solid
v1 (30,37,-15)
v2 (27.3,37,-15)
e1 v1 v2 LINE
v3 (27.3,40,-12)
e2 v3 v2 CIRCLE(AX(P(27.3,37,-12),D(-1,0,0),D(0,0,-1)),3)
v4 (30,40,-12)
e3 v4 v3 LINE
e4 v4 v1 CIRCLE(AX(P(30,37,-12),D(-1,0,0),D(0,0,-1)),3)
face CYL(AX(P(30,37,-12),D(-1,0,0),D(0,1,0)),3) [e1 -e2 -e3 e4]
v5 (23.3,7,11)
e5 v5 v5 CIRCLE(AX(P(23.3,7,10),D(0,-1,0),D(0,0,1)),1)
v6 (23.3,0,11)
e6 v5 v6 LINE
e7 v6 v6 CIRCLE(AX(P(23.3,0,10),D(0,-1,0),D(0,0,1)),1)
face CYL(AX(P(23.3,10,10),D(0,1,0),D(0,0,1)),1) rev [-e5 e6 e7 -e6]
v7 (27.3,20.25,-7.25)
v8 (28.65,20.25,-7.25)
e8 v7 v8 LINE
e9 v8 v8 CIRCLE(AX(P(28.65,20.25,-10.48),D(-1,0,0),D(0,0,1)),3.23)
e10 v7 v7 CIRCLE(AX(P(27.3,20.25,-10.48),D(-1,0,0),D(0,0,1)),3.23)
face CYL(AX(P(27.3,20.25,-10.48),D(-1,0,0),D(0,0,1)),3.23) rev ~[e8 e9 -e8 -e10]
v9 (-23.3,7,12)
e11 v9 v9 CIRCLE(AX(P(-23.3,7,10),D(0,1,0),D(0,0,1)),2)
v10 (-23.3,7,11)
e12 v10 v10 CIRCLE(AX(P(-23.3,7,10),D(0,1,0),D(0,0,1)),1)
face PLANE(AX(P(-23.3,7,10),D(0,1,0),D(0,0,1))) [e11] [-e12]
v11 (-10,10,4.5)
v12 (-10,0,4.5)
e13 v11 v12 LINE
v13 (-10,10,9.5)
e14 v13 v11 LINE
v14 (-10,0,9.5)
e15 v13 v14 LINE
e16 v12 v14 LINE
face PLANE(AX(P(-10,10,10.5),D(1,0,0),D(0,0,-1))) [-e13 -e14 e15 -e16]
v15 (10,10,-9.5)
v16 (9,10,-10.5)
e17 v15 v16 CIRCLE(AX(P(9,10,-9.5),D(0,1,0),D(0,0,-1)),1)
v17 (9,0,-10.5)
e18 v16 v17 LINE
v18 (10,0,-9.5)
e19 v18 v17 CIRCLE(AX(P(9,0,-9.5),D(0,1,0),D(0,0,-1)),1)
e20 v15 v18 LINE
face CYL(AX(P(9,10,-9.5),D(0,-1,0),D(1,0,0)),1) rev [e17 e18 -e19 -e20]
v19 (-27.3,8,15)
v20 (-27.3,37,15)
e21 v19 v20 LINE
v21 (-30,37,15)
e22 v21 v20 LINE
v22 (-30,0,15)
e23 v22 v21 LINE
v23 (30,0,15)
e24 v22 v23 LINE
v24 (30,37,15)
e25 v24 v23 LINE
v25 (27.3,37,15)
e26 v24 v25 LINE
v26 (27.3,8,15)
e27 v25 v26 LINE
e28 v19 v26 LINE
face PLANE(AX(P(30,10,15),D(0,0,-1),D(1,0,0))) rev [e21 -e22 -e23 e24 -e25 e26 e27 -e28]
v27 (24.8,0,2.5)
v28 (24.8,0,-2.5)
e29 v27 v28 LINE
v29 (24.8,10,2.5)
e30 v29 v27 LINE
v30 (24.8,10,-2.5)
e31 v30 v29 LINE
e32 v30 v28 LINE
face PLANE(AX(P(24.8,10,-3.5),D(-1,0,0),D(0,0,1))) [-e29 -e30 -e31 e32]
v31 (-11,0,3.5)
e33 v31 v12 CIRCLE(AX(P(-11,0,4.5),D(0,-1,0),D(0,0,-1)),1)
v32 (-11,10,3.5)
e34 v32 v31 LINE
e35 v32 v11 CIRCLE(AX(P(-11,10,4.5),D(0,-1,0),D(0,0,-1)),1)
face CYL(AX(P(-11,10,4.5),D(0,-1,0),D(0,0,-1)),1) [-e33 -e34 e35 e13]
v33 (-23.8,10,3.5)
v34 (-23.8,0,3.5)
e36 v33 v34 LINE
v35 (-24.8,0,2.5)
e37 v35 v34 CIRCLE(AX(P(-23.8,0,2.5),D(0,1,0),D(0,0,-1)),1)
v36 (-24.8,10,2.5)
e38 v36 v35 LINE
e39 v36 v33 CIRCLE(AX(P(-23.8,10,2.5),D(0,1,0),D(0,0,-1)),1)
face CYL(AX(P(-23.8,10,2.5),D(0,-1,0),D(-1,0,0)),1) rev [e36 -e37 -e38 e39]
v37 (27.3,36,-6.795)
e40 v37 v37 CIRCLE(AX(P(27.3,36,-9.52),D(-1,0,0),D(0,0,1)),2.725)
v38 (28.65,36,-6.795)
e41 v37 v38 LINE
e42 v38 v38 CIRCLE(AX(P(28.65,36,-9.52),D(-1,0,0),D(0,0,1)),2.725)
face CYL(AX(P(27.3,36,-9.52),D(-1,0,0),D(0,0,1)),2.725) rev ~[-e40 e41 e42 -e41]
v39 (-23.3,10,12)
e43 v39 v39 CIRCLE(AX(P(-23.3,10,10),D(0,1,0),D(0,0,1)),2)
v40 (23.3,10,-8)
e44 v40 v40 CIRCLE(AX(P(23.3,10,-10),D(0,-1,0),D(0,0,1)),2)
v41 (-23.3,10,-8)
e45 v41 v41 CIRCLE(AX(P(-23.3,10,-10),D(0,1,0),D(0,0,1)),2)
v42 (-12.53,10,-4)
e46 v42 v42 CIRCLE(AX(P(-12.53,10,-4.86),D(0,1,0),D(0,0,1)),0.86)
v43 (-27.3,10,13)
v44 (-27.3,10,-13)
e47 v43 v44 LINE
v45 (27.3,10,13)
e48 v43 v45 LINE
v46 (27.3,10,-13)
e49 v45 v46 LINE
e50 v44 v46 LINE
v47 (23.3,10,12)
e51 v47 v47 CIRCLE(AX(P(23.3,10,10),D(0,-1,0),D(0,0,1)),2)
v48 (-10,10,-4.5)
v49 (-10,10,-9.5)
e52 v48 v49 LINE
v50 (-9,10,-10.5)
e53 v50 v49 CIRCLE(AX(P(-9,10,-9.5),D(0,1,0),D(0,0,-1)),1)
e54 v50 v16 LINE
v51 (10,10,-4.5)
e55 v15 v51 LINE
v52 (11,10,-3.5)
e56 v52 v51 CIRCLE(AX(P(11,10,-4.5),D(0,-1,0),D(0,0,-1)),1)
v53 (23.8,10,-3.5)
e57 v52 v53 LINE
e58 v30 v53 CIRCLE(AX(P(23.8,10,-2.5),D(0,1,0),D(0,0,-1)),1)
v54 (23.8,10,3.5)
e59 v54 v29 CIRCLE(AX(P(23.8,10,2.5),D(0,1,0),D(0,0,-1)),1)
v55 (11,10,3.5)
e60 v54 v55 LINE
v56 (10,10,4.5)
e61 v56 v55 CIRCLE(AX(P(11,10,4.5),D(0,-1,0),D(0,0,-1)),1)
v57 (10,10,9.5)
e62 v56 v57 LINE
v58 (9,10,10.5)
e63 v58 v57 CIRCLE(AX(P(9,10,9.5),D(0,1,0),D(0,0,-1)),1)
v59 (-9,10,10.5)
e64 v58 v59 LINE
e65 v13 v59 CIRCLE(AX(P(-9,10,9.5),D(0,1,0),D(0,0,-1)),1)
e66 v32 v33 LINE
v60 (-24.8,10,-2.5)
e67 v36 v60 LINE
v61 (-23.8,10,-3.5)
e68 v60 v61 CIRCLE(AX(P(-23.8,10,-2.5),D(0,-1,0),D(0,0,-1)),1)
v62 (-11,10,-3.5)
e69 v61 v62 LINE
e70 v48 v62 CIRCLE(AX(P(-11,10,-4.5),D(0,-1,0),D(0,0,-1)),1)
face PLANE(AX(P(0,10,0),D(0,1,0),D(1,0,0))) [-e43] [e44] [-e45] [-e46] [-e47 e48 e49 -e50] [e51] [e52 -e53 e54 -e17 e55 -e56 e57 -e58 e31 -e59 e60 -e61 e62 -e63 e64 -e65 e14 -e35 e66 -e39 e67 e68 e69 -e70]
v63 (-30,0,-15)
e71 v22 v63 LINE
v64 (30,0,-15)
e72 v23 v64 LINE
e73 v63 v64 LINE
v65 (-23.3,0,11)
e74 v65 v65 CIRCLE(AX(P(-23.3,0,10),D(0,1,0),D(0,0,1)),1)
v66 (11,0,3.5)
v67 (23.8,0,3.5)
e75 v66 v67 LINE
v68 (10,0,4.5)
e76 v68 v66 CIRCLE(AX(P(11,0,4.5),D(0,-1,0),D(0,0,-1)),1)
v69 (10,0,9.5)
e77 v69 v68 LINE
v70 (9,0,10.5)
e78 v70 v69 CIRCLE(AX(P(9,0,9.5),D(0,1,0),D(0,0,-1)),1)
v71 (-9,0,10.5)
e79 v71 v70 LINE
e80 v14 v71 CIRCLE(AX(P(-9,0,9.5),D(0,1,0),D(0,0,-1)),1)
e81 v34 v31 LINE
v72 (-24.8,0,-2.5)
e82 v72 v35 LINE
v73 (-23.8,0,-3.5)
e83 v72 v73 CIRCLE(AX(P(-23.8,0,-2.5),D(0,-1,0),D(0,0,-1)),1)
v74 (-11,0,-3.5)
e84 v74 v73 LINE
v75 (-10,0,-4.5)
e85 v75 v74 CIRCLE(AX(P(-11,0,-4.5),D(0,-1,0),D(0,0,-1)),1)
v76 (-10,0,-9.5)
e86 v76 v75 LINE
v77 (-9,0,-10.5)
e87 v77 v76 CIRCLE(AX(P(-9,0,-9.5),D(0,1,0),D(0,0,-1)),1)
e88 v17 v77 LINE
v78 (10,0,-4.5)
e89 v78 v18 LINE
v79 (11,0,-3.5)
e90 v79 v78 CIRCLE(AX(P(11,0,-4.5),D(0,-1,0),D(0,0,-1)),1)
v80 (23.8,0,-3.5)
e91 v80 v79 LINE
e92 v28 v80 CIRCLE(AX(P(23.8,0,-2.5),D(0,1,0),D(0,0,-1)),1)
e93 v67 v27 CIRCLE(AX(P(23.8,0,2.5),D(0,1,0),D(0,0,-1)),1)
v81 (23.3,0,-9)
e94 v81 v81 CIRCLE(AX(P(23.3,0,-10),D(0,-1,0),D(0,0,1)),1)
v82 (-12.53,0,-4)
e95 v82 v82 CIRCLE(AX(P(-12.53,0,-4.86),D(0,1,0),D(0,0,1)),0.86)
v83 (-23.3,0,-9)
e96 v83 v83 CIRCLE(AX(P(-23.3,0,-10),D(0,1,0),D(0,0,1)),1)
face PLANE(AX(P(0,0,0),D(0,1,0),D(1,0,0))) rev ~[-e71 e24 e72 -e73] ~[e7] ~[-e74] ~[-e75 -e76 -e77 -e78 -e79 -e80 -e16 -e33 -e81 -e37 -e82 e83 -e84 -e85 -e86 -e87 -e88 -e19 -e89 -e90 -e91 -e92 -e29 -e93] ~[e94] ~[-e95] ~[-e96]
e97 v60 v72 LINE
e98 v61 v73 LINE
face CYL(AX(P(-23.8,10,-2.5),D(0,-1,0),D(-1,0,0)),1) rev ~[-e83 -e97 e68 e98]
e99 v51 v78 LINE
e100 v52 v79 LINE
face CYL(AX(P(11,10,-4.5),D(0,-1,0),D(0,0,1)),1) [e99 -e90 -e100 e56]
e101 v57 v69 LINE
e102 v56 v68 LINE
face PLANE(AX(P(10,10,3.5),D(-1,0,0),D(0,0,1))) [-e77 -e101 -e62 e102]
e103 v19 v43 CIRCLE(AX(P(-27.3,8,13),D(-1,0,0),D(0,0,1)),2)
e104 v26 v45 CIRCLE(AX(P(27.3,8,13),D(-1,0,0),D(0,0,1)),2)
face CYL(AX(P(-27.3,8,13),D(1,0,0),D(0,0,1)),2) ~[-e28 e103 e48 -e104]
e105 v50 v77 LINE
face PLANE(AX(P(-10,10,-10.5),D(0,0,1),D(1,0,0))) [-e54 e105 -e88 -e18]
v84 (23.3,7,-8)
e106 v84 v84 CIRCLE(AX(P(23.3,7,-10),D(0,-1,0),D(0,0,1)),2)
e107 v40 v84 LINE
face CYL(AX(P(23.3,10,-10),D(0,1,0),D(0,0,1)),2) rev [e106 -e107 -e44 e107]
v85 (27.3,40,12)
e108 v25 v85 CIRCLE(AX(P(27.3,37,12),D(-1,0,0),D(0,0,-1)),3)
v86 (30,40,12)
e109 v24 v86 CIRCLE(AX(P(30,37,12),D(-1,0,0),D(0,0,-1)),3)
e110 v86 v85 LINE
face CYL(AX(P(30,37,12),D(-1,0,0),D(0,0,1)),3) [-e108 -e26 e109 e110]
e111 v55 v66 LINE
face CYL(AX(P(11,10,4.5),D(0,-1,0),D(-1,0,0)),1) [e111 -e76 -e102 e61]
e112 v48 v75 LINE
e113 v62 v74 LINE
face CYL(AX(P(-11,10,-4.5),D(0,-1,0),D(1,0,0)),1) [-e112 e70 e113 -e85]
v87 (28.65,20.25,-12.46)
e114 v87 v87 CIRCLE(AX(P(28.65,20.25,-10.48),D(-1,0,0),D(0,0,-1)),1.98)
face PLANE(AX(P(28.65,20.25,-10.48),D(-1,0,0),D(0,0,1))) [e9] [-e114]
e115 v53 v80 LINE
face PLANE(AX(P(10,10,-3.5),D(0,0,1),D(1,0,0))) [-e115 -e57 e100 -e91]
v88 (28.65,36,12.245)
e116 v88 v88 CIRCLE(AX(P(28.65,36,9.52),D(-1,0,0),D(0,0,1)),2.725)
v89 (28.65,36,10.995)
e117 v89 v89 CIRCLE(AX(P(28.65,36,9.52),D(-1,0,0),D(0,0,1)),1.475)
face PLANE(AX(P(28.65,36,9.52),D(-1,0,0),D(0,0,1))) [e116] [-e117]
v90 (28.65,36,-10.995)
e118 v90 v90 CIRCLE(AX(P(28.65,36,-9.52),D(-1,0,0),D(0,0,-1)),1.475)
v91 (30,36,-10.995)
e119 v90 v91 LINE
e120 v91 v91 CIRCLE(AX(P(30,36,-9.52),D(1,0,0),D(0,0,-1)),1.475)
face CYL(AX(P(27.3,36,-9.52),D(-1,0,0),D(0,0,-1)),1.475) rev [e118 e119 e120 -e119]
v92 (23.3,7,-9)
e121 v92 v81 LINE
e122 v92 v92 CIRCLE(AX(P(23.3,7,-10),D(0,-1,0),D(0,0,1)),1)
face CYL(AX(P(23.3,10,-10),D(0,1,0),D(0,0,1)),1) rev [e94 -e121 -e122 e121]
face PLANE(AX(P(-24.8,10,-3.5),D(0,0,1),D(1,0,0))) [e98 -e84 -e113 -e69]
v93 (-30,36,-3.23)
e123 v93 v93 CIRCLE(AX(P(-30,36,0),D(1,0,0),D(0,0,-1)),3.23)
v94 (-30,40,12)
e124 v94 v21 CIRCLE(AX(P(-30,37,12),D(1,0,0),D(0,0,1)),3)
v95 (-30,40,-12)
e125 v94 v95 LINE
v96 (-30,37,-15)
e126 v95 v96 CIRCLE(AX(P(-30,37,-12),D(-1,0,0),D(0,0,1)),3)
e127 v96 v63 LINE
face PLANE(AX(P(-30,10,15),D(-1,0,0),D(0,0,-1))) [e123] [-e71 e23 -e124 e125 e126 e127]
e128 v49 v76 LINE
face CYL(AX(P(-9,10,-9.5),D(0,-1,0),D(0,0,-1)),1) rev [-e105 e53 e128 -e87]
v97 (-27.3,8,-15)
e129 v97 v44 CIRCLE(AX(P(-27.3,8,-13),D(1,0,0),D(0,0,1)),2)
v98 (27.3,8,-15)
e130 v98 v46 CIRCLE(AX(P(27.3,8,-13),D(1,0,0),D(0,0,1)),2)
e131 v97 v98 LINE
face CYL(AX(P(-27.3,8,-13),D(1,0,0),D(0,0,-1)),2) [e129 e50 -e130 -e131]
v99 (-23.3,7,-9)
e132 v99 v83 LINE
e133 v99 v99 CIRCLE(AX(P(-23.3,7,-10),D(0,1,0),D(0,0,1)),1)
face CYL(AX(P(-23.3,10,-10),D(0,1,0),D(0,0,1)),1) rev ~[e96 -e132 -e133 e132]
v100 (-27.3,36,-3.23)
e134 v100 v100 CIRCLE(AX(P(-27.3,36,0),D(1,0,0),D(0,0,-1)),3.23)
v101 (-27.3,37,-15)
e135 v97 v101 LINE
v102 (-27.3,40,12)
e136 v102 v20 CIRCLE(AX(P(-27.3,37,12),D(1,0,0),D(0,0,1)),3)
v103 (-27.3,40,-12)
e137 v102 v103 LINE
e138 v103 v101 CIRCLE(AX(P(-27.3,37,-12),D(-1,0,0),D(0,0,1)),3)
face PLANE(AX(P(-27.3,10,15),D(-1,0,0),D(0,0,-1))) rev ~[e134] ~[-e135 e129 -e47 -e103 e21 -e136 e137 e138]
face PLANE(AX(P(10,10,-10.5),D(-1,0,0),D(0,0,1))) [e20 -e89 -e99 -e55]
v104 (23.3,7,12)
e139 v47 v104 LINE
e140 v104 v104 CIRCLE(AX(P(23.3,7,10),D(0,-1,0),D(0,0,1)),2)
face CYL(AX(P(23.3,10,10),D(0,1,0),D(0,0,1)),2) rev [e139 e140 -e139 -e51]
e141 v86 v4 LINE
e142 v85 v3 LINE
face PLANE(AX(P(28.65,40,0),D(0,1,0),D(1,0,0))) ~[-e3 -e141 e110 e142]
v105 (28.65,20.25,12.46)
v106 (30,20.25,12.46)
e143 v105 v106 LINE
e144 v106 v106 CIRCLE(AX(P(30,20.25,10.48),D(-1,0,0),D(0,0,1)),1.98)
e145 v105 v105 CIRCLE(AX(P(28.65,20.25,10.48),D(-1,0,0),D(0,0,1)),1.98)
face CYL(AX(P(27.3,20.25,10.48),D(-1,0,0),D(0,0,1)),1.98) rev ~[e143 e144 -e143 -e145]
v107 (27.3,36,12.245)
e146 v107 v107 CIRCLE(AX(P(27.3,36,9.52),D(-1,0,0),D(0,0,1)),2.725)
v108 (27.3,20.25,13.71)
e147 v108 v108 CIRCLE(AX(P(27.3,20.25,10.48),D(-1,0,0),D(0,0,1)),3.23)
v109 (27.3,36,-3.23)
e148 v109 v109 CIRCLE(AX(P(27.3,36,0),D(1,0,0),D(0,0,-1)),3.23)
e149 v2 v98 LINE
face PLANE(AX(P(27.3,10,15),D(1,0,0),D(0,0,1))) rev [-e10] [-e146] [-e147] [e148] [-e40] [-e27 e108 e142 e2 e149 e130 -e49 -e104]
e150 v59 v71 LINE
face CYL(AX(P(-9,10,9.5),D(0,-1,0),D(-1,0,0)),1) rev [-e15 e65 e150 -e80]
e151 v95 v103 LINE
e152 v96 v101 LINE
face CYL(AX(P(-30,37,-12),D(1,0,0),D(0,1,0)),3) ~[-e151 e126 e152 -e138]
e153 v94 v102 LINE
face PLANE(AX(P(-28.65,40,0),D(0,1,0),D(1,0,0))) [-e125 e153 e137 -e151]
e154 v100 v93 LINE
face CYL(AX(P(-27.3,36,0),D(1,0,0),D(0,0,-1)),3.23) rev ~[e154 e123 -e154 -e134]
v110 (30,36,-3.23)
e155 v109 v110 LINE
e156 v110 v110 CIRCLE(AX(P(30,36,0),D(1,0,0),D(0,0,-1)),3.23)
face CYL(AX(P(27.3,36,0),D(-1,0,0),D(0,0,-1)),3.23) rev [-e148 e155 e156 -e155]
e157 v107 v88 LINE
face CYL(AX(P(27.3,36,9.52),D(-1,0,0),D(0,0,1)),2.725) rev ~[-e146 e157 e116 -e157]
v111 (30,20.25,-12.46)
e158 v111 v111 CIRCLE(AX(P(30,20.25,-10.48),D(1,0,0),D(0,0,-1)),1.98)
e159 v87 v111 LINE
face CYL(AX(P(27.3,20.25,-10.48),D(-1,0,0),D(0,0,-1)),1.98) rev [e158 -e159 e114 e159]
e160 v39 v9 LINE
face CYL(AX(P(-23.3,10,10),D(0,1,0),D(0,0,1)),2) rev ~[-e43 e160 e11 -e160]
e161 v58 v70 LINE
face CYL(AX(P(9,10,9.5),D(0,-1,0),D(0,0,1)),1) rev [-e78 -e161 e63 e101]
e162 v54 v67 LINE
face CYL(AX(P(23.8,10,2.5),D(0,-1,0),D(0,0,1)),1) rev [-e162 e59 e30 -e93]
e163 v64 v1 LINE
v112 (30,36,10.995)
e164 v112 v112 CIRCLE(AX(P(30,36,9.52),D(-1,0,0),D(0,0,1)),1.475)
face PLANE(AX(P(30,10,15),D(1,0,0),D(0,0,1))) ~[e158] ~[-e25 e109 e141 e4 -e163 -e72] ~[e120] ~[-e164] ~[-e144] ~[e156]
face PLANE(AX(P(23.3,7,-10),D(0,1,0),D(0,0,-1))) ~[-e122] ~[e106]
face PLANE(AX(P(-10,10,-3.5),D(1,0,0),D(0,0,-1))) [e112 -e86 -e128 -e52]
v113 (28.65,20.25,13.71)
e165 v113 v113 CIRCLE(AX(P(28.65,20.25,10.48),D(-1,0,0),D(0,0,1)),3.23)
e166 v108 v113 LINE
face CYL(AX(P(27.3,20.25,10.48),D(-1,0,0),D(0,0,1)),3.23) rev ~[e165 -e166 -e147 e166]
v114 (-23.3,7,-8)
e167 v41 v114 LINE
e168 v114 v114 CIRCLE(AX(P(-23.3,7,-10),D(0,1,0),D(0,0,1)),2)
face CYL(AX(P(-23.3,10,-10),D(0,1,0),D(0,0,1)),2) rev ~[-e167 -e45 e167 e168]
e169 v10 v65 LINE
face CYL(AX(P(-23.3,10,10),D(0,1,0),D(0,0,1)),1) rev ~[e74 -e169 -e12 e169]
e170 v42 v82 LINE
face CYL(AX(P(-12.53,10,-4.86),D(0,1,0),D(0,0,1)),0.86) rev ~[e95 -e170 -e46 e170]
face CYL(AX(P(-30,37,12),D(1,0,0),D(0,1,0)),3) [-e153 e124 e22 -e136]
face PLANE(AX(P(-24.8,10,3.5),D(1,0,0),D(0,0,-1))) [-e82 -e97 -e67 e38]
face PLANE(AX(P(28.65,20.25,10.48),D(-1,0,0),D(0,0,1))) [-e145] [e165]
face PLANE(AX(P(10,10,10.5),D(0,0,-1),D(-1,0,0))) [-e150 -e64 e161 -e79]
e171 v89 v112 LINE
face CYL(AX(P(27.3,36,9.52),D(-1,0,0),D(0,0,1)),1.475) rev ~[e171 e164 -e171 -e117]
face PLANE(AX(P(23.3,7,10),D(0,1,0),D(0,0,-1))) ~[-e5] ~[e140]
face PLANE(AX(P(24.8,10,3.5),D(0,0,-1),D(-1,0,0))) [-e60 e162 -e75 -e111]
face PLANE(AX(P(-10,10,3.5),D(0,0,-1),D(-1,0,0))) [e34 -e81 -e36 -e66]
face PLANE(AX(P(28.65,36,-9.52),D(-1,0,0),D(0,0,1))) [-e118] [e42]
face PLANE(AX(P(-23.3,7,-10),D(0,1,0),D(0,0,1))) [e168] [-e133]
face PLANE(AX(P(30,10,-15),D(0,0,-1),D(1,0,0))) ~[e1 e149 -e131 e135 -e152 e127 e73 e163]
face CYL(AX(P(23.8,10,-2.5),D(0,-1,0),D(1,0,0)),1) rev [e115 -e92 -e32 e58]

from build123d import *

# Parameters (mm, degrees)
SKETCH1_W            = 60
SKETCH1_H            = 30
BOSS_EXTRUDE1_DEPTH  = 10
SKETCH2_W            = 2.7
SKETCH2_H            = 30
BOSS_EXTRUDE2_DEPTH  = 30
CUT_EXTRUDE1_REACH   = 73.472
SKETCH3_R            = 3.23
FILLET1_R            = 3
FILLET1_OF_MIRROR1_R = 3
FILLET4_R            = 2
CUT_EXTRUDE3_REACH   = 73.472
SKETCH5_R            = 1.98
SKETCH5_R_2          = 1.475
CUT_EXTRUDE4_REACH   = 47
SKETCH6_R            = 0.86
FILLET6_R            = 1
SKETCH7_R            = 2.725
SKETCH7_R_2          = 3.23
CUT_EXTRUDE5_DEPTH   = 1.35
SKETCH8_R            = 2
CUT_EXTRUDE6_DEPTH   = 3
CUT_EXTRUDE7_REACH   = 47
SKETCH9_R            = 1


with BuildPart() as part:
    # Sketch1 → Boss-Extrude1 (new body)
    with BuildSketch(Plane(origin=(0, 0, 0), x_dir=(1, 0, 0), z_dir=(0, 1, 0))):
        Rectangle(SKETCH1_W, SKETCH1_H)
    extrude(amount=BOSS_EXTRUDE1_DEPTH)

    # Sketch2 → Boss-Extrude2 (add)
    with BuildSketch(Plane(origin=(0, 10, 0), x_dir=(1, 0, 0), z_dir=(0, 1, 0))):
        with Locations((-28.65, 0)):
            Rectangle(SKETCH2_W, SKETCH2_H)
    boss_extrude2 = extrude(amount=BOSS_EXTRUDE2_DEPTH)

    # Sketch3 → Cut-Extrude1 (cut, up to next)
    with BuildSketch(Plane(origin=(-27.3, 0, 0), x_dir=(0, 0, -1), z_dir=(1, 0, 0)), mode=Mode.PRIVATE) as cut_extrude1_sk1:
        with Locations((0, 36)):
            Circle(SKETCH3_R)
    cut_extrude1_tool1 = extrude(cut_extrude1_sk1.sketch, amount=-CUT_EXTRUDE1_REACH, mode=Mode.PRIVATE) & part.part
    cut_extrude1 = cut_extrude1_tool1.solids().sort_by_distance((-27.3, 36, 0))[0]
    add(cut_extrude1, mode=Mode.SUBTRACT)

    # Fillet1
    fillet1_edges = [part.edges().sort_by_distance(p)[0] for p in [
        (-28.65, 40, 15),
        (-28.65, 40, -15),
    ]]
    fillet(fillet1_edges, radius=FILLET1_R)

    # Mirror1: Boss-Extrude2, Cut-Extrude1 across plane
    add(boss_extrude2.mirror(Plane(origin=(0, 0, 0), x_dir=(0, 0, 1), z_dir=(1, 0, 0))))
    add(cut_extrude1.mirror(Plane(origin=(0, 0, 0), x_dir=(0, 0, 1), z_dir=(1, 0, 0))), mode=Mode.SUBTRACT)

    # Fillet1 of Mirror1
    fillet1_of_mirror1_edges = [part.edges().sort_by_distance(p)[0] for p in [
        (28.65, 40, 15),
        (28.65, 40, -15),
    ]]
    fillet(fillet1_of_mirror1_edges, radius=FILLET1_OF_MIRROR1_R)

    # Fillet4
    fillet4_edges = [part.edges().sort_by_distance(p)[0] for p in [
        (0, 10, 15),
        (0, 10, -15),
    ]]
    fillet(fillet4_edges, radius=FILLET4_R)

    # Sketch5 → Cut-Extrude3 (cut, up to next)
    with BuildSketch(Plane.ZY.offset(-27.3), mode=Mode.PRIVATE) as cut_extrude3_sk1:
        with Locations((10.48, 20.25)):
            Circle(SKETCH5_R)
    cut_extrude3_tool1 = extrude(cut_extrude3_sk1.sketch, amount=-CUT_EXTRUDE3_REACH, mode=Mode.PRIVATE) & part.part
    # Sketch5 → Cut-Extrude3 (cut, up to next)
    with BuildSketch(Plane.ZY.offset(-27.3), mode=Mode.PRIVATE) as cut_extrude3_sk2:
        with Locations((9.52, 36)):
            Circle(SKETCH5_R_2)
    cut_extrude3_tool2 = extrude(cut_extrude3_sk2.sketch, amount=-CUT_EXTRUDE3_REACH, mode=Mode.PRIVATE) & part.part
    cut_extrude3_1 = cut_extrude3_tool1.solids().sort_by_distance((27.3, 20.25, 10.48))[0]
    add(cut_extrude3_1, mode=Mode.SUBTRACT)
    cut_extrude3_2 = cut_extrude3_tool2.solids().sort_by_distance((27.3, 36, 9.52))[0]
    add(cut_extrude3_2, mode=Mode.SUBTRACT)
    cut_extrude3 = cut_extrude3_1 + cut_extrude3_2  # Cut-Extrude3 as one shape, for the pattern or mirror that repeats it

    # Mirror2: Cut-Extrude3 across plane
    add(cut_extrude3.mirror(Plane.XY), mode=Mode.SUBTRACT)

    # Sketch6 → Cut-Extrude4 (cut, up to next)
    with BuildSketch(Plane(origin=(0, 10, 0), x_dir=(1, 0, 0), z_dir=(0, 1, 0)), mode=Mode.PRIVATE) as cut_extrude4_sk1:
        with Locations(Location((-12.53, 4.86, 0), (0, 0, 270))):
            Circle(SKETCH6_R)
    cut_extrude4_tool1 = extrude(cut_extrude4_sk1.sketch, amount=-CUT_EXTRUDE4_REACH, mode=Mode.PRIVATE) & part.part
    # Sketch6 → Cut-Extrude4 (cut, up to next)
    with BuildSketch(Plane(origin=(0, 10, 0), x_dir=(1, 0, 0), z_dir=(0, 1, 0)), mode=Mode.PRIVATE) as cut_extrude4_sk2:
        Polygon((-24.8, -3.5), (-24.8, 3.5), (-10, 3.5), (-10, 10.5), (10, 10.5), (10, 3.5), (24.8, 3.5), (24.8, -3.5), (10, -3.5), (10, -10.5), (-10, -10.5), (-10, -3.5), align=None)
    cut_extrude4_tool2 = extrude(cut_extrude4_sk2.sketch, amount=-CUT_EXTRUDE4_REACH, mode=Mode.PRIVATE) & part.part
    add(cut_extrude4_tool1.solids().sort_by_distance((-12.53, 10, -4.86))[0], mode=Mode.SUBTRACT)
    add(cut_extrude4_tool2.solids().sort_by_distance((0, 10, 0))[0], mode=Mode.SUBTRACT)

    # Fillet6
    fillet6_edges = [part.edges().sort_by_distance(p)[0] for p in [
        (-24.8, 5, -3.5),
        (-10, 5, -3.5),
        (-10, 5, -10.5),
        (10, 5, -10.5),
        (10, 5, -3.5),
        (24.8, 5, -3.5),
        (24.8, 5, 3.5),
        (10, 5, 3.5),
        (10, 5, 10.5),
        (-10, 5, 10.5),
        (-10, 5, 3.5),
        (-24.8, 5, 3.5),
    ]]
    fillet(fillet6_edges, radius=FILLET6_R)

    # Sketch7 → Cut-Extrude5 (cut)
    with BuildSketch(Plane.ZY.offset(-27.3)):
        with Locations((-9.52, 36)):
            Circle(SKETCH7_R)
        with Locations((-10.48, 20.25)):
            Circle(SKETCH7_R_2)
        with Locations((10.48, 20.25)):
            Circle(SKETCH7_R_2)
        with Locations((9.52, 36)):
            Circle(SKETCH7_R)
    extrude(amount=-CUT_EXTRUDE5_DEPTH, mode=Mode.SUBTRACT)

    # Sketch8 → Cut-Extrude6 (cut)
    with BuildSketch(Plane(origin=(0, 10, 0), x_dir=(1, 0, 0), z_dir=(0, 1, 0))):
        with Locations(Location((-23.3, 10, 0), (0, 0, 270))):
            Circle(SKETCH8_R)
        with Locations(Location((-23.3, -10, 0), (0, 0, 270))):
            Circle(SKETCH8_R)
    cut_extrude6 = extrude(amount=-CUT_EXTRUDE6_DEPTH, mode=Mode.SUBTRACT)

    # Sketch9 → Cut-Extrude7 (cut, up to next)
    with BuildSketch(Plane(origin=(0, 10, 0), x_dir=(1, 0, 0), z_dir=(0, 1, 0)), mode=Mode.PRIVATE) as cut_extrude7_sk1:
        with Locations(Location((-23.3, 10, 0), (0, 0, 270))):
            Circle(SKETCH9_R)
    cut_extrude7_tool1 = extrude(cut_extrude7_sk1.sketch, amount=-CUT_EXTRUDE7_REACH, mode=Mode.PRIVATE) & part.part
    # Sketch9 → Cut-Extrude7 (cut, up to next)
    with BuildSketch(Plane(origin=(0, 10, 0), x_dir=(1, 0, 0), z_dir=(0, 1, 0)), mode=Mode.PRIVATE) as cut_extrude7_sk2:
        with Locations(Location((-23.3, -10, 0), (0, 0, 270))):
            Circle(SKETCH9_R)
    cut_extrude7_tool2 = extrude(cut_extrude7_sk2.sketch, amount=-CUT_EXTRUDE7_REACH, mode=Mode.PRIVATE) & part.part
    cut_extrude7_1 = cut_extrude7_tool1.solids().sort_by_distance((-23.3, 10, -10))[0]
    add(cut_extrude7_1, mode=Mode.SUBTRACT)
    cut_extrude7_2 = cut_extrude7_tool2.solids().sort_by_distance((-23.3, 10, 10))[0]
    add(cut_extrude7_2, mode=Mode.SUBTRACT)
    cut_extrude7 = cut_extrude7_1 + cut_extrude7_2  # Cut-Extrude7 as one shape, for the pattern or mirror that repeats it

    # Mirror3: Cut-Extrude6, Cut-Extrude7 across plane
    add(cut_extrude6.mirror(Plane(origin=(0, 0, 0), x_dir=(0, 0, 1), z_dir=(1, 0, 0))), mode=Mode.SUBTRACT)
    add(cut_extrude7.mirror(Plane(origin=(0, 0, 0), x_dir=(0, 0, 1), z_dir=(1, 0, 0))), mode=Mode.SUBTRACT)


solid = part.part
